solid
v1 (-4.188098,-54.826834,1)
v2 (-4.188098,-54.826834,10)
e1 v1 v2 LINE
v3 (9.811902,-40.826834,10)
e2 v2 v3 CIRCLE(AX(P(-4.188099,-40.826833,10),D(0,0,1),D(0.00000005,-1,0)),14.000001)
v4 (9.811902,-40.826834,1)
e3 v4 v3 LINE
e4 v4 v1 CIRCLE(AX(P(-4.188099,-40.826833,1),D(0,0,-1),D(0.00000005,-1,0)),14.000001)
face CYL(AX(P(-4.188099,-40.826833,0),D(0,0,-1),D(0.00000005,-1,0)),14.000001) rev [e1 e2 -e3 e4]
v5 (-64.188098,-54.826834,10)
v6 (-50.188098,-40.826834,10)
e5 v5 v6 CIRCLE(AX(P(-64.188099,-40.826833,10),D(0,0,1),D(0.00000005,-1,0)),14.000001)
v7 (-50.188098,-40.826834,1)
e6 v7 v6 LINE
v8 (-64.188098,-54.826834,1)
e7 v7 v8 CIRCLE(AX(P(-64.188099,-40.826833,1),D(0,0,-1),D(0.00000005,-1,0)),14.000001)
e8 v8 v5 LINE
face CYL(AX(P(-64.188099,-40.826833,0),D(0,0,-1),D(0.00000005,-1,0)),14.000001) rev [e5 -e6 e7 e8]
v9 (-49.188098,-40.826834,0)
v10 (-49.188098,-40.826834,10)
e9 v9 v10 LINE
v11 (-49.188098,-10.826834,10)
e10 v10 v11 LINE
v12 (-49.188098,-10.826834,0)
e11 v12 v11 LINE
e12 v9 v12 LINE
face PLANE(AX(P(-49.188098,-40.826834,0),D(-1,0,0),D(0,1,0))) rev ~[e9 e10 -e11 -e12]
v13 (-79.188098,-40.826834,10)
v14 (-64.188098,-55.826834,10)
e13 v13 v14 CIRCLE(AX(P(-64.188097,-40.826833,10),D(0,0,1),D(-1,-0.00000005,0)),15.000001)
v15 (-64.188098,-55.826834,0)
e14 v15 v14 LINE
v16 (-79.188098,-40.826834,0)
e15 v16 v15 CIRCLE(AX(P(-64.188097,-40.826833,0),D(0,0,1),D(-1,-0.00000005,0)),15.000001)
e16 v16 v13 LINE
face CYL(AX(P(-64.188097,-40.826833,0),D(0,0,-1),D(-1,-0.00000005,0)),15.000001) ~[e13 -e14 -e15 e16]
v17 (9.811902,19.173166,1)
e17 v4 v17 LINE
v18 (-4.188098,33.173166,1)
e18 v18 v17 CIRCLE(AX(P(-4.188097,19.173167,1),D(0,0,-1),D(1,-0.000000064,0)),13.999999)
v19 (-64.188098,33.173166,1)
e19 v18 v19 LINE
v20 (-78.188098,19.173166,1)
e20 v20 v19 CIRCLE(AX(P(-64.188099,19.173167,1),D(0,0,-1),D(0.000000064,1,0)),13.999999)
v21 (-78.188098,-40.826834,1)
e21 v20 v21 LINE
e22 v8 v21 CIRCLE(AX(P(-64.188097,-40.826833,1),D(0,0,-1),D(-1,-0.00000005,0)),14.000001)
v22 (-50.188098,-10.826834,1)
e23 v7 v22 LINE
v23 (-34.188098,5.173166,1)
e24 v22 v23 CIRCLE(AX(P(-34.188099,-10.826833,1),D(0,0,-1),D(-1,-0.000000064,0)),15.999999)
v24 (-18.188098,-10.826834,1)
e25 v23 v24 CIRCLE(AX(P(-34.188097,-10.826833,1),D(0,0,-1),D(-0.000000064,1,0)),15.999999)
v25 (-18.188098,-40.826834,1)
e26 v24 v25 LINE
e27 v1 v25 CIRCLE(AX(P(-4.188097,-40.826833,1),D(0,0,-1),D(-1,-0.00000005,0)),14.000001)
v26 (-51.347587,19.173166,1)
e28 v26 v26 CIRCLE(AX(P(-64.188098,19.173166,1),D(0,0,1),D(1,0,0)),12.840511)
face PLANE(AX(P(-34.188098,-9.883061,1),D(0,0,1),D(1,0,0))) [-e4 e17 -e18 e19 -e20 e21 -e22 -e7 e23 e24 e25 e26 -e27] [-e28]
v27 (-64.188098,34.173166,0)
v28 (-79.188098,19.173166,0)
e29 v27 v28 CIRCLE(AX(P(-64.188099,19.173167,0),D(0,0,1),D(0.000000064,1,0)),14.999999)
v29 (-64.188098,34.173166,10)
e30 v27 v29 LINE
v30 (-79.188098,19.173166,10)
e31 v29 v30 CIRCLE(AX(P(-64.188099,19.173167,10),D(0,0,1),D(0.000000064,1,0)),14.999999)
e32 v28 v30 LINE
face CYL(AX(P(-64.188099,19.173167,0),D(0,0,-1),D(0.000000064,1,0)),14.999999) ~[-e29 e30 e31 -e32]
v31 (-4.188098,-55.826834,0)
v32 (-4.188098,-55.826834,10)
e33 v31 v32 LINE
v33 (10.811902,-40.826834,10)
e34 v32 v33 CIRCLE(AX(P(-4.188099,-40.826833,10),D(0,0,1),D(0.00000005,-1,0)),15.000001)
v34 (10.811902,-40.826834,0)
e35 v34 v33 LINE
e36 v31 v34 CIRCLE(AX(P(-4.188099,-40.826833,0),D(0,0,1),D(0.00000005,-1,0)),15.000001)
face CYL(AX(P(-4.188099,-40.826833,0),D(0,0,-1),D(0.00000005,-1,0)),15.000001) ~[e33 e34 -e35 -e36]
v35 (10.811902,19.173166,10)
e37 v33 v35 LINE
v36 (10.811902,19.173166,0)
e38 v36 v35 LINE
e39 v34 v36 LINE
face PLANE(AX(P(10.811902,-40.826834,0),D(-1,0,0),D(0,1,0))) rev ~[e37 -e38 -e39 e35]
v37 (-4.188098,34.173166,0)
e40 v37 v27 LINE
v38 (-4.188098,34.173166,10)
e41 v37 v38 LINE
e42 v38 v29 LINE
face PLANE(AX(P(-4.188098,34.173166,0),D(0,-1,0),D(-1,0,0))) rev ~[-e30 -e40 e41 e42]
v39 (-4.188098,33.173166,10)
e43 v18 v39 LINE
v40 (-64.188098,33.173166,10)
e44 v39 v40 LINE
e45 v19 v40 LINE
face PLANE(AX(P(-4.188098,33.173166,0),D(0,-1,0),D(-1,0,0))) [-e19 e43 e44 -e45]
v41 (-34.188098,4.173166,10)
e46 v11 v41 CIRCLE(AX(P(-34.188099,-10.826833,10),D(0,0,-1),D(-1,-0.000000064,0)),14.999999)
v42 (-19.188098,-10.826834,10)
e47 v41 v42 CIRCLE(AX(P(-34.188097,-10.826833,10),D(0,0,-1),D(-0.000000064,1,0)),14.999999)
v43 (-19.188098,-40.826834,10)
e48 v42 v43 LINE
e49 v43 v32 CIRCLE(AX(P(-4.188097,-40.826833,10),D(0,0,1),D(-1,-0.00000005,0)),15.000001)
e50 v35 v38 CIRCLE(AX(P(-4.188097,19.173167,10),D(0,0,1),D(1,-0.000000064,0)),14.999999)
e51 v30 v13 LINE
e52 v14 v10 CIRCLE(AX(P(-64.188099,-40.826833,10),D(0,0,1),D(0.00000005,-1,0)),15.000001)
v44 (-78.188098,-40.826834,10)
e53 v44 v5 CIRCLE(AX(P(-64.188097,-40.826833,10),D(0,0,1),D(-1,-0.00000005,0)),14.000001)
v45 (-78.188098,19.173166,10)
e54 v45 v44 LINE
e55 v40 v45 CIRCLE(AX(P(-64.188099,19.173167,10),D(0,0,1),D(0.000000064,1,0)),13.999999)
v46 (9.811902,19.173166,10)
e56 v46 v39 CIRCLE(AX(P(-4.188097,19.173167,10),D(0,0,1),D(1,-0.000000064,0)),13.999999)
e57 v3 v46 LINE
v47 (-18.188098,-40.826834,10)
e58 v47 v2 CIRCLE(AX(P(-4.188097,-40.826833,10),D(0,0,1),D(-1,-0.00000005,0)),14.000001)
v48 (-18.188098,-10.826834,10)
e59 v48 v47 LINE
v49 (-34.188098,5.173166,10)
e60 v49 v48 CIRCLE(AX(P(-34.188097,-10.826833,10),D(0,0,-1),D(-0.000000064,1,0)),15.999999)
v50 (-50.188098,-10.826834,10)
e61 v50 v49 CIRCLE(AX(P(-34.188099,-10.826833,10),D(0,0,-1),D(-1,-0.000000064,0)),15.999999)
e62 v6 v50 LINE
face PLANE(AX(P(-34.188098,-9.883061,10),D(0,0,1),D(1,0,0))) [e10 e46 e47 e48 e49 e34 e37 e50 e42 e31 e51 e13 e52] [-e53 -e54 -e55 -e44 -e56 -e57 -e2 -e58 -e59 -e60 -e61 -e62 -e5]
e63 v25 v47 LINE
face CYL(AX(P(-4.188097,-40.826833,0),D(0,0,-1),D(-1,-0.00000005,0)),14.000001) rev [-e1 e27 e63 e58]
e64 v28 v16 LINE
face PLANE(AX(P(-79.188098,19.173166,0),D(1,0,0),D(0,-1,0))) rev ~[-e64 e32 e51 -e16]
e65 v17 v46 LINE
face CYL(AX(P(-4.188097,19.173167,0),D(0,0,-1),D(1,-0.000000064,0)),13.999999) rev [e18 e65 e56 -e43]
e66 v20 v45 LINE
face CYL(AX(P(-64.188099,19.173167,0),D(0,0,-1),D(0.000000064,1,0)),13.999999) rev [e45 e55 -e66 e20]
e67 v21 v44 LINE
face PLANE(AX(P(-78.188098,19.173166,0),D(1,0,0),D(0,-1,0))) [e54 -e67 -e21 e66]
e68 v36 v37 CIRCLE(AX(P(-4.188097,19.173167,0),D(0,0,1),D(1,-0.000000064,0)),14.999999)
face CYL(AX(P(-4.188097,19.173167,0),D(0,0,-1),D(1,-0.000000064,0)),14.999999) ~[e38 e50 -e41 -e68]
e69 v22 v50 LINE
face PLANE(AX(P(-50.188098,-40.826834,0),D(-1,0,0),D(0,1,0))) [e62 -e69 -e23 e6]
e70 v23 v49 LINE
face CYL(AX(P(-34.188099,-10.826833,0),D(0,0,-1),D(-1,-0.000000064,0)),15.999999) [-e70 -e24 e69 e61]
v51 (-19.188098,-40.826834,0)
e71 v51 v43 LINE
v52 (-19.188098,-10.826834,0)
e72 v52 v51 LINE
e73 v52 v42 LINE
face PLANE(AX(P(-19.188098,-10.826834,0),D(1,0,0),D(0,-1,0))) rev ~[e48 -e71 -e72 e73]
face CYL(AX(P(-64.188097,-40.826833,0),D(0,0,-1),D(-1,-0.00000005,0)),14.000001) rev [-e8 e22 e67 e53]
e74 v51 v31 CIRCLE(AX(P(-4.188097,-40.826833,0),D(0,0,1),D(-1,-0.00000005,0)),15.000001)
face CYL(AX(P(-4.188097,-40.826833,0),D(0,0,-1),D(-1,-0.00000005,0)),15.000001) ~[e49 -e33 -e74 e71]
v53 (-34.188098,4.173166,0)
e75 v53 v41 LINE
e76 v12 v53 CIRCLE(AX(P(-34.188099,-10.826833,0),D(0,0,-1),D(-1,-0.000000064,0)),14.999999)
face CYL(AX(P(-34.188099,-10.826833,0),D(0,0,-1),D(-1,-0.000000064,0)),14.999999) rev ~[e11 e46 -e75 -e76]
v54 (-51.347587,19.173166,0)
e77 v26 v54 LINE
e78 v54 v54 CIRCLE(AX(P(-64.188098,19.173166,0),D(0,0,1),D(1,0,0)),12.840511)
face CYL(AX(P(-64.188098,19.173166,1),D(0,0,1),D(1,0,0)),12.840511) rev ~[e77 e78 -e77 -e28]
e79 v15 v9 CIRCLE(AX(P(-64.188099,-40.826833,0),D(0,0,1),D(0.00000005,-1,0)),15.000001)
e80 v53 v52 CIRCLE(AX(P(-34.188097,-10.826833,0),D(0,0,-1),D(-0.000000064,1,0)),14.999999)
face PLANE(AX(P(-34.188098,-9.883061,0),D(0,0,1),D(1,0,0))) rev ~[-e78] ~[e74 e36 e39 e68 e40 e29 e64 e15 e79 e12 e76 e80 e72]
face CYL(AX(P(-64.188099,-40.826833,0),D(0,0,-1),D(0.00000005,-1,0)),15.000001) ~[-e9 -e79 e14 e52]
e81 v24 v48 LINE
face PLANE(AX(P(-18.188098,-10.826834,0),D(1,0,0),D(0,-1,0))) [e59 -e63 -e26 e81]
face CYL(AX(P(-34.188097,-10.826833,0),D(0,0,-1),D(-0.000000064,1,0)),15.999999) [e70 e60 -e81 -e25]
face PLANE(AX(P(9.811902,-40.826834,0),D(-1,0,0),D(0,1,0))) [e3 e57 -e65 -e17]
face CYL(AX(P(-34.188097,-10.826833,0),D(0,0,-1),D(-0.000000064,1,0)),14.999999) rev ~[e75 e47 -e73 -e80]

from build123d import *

# Parameters (mm, degrees)
F1_DEPTH = 10
F2_T     = -1
F3_R     = 12.840511
F4_DEPTH = 25


with BuildPart() as f1:
    # F0 (on Top) → F1 (new body)
    with BuildSketch(Plane.XY):
        with BuildLine():
            Line((-4.188098, 34.173166), (-64.188098, 34.173166))
            ThreePointArc((-64.188098, 34.173166), (-74.7947, 29.779768), (-79.188098, 19.173166))
            Line((-79.188098, 19.173166), (-79.188098, -40.826834))
            ThreePointArc((-79.188098, -40.826834), (-74.7947, -51.433435), (-64.188098, -55.826834))
            ThreePointArc((-64.188098, -55.826834), (-53.581496, -51.433435), (-49.188098, -40.826834))
            Line((-49.188098, -40.826834), (-49.188098, -10.826834))
            ThreePointArc((-49.188098, -10.826834), (-44.7947, -0.220232), (-34.188098, 4.173166))
            ThreePointArc((-34.188098, 4.173166), (-23.581496, -0.220232), (-19.188098, -10.826834))
            Line((-19.188098, -10.826834), (-19.188098, -40.826834))
            ThreePointArc((-19.188098, -40.826834), (-14.7947, -51.433435), (-4.188098, -55.826834))
            ThreePointArc((-4.188098, -55.826834), (6.418504, -51.433435), (10.811902, -40.826834))
            Line((10.811902, -40.826834), (10.811902, 19.173166))
            ThreePointArc((10.811902, 19.173166), (6.418504, 29.779768), (-4.188098, 34.173166))
        make_face()
    extrude(amount=F1_DEPTH)

    # F2
    f2_openings = [f1.faces().sort_by_distance(p)[0] for p in [
        (-4.188098, -54.554042, 10),
    ]]
    offset(amount=F2_T, openings=f2_openings)

    # F3 (on face) → F4 (cut)
    with BuildSketch(Plane.XY.offset(1)):
        with Locations((-64.188098, 19.173166)):
            Circle(F3_R)
    extrude(amount=-F4_DEPTH, mode=Mode.SUBTRACT)


solid = f1.part
